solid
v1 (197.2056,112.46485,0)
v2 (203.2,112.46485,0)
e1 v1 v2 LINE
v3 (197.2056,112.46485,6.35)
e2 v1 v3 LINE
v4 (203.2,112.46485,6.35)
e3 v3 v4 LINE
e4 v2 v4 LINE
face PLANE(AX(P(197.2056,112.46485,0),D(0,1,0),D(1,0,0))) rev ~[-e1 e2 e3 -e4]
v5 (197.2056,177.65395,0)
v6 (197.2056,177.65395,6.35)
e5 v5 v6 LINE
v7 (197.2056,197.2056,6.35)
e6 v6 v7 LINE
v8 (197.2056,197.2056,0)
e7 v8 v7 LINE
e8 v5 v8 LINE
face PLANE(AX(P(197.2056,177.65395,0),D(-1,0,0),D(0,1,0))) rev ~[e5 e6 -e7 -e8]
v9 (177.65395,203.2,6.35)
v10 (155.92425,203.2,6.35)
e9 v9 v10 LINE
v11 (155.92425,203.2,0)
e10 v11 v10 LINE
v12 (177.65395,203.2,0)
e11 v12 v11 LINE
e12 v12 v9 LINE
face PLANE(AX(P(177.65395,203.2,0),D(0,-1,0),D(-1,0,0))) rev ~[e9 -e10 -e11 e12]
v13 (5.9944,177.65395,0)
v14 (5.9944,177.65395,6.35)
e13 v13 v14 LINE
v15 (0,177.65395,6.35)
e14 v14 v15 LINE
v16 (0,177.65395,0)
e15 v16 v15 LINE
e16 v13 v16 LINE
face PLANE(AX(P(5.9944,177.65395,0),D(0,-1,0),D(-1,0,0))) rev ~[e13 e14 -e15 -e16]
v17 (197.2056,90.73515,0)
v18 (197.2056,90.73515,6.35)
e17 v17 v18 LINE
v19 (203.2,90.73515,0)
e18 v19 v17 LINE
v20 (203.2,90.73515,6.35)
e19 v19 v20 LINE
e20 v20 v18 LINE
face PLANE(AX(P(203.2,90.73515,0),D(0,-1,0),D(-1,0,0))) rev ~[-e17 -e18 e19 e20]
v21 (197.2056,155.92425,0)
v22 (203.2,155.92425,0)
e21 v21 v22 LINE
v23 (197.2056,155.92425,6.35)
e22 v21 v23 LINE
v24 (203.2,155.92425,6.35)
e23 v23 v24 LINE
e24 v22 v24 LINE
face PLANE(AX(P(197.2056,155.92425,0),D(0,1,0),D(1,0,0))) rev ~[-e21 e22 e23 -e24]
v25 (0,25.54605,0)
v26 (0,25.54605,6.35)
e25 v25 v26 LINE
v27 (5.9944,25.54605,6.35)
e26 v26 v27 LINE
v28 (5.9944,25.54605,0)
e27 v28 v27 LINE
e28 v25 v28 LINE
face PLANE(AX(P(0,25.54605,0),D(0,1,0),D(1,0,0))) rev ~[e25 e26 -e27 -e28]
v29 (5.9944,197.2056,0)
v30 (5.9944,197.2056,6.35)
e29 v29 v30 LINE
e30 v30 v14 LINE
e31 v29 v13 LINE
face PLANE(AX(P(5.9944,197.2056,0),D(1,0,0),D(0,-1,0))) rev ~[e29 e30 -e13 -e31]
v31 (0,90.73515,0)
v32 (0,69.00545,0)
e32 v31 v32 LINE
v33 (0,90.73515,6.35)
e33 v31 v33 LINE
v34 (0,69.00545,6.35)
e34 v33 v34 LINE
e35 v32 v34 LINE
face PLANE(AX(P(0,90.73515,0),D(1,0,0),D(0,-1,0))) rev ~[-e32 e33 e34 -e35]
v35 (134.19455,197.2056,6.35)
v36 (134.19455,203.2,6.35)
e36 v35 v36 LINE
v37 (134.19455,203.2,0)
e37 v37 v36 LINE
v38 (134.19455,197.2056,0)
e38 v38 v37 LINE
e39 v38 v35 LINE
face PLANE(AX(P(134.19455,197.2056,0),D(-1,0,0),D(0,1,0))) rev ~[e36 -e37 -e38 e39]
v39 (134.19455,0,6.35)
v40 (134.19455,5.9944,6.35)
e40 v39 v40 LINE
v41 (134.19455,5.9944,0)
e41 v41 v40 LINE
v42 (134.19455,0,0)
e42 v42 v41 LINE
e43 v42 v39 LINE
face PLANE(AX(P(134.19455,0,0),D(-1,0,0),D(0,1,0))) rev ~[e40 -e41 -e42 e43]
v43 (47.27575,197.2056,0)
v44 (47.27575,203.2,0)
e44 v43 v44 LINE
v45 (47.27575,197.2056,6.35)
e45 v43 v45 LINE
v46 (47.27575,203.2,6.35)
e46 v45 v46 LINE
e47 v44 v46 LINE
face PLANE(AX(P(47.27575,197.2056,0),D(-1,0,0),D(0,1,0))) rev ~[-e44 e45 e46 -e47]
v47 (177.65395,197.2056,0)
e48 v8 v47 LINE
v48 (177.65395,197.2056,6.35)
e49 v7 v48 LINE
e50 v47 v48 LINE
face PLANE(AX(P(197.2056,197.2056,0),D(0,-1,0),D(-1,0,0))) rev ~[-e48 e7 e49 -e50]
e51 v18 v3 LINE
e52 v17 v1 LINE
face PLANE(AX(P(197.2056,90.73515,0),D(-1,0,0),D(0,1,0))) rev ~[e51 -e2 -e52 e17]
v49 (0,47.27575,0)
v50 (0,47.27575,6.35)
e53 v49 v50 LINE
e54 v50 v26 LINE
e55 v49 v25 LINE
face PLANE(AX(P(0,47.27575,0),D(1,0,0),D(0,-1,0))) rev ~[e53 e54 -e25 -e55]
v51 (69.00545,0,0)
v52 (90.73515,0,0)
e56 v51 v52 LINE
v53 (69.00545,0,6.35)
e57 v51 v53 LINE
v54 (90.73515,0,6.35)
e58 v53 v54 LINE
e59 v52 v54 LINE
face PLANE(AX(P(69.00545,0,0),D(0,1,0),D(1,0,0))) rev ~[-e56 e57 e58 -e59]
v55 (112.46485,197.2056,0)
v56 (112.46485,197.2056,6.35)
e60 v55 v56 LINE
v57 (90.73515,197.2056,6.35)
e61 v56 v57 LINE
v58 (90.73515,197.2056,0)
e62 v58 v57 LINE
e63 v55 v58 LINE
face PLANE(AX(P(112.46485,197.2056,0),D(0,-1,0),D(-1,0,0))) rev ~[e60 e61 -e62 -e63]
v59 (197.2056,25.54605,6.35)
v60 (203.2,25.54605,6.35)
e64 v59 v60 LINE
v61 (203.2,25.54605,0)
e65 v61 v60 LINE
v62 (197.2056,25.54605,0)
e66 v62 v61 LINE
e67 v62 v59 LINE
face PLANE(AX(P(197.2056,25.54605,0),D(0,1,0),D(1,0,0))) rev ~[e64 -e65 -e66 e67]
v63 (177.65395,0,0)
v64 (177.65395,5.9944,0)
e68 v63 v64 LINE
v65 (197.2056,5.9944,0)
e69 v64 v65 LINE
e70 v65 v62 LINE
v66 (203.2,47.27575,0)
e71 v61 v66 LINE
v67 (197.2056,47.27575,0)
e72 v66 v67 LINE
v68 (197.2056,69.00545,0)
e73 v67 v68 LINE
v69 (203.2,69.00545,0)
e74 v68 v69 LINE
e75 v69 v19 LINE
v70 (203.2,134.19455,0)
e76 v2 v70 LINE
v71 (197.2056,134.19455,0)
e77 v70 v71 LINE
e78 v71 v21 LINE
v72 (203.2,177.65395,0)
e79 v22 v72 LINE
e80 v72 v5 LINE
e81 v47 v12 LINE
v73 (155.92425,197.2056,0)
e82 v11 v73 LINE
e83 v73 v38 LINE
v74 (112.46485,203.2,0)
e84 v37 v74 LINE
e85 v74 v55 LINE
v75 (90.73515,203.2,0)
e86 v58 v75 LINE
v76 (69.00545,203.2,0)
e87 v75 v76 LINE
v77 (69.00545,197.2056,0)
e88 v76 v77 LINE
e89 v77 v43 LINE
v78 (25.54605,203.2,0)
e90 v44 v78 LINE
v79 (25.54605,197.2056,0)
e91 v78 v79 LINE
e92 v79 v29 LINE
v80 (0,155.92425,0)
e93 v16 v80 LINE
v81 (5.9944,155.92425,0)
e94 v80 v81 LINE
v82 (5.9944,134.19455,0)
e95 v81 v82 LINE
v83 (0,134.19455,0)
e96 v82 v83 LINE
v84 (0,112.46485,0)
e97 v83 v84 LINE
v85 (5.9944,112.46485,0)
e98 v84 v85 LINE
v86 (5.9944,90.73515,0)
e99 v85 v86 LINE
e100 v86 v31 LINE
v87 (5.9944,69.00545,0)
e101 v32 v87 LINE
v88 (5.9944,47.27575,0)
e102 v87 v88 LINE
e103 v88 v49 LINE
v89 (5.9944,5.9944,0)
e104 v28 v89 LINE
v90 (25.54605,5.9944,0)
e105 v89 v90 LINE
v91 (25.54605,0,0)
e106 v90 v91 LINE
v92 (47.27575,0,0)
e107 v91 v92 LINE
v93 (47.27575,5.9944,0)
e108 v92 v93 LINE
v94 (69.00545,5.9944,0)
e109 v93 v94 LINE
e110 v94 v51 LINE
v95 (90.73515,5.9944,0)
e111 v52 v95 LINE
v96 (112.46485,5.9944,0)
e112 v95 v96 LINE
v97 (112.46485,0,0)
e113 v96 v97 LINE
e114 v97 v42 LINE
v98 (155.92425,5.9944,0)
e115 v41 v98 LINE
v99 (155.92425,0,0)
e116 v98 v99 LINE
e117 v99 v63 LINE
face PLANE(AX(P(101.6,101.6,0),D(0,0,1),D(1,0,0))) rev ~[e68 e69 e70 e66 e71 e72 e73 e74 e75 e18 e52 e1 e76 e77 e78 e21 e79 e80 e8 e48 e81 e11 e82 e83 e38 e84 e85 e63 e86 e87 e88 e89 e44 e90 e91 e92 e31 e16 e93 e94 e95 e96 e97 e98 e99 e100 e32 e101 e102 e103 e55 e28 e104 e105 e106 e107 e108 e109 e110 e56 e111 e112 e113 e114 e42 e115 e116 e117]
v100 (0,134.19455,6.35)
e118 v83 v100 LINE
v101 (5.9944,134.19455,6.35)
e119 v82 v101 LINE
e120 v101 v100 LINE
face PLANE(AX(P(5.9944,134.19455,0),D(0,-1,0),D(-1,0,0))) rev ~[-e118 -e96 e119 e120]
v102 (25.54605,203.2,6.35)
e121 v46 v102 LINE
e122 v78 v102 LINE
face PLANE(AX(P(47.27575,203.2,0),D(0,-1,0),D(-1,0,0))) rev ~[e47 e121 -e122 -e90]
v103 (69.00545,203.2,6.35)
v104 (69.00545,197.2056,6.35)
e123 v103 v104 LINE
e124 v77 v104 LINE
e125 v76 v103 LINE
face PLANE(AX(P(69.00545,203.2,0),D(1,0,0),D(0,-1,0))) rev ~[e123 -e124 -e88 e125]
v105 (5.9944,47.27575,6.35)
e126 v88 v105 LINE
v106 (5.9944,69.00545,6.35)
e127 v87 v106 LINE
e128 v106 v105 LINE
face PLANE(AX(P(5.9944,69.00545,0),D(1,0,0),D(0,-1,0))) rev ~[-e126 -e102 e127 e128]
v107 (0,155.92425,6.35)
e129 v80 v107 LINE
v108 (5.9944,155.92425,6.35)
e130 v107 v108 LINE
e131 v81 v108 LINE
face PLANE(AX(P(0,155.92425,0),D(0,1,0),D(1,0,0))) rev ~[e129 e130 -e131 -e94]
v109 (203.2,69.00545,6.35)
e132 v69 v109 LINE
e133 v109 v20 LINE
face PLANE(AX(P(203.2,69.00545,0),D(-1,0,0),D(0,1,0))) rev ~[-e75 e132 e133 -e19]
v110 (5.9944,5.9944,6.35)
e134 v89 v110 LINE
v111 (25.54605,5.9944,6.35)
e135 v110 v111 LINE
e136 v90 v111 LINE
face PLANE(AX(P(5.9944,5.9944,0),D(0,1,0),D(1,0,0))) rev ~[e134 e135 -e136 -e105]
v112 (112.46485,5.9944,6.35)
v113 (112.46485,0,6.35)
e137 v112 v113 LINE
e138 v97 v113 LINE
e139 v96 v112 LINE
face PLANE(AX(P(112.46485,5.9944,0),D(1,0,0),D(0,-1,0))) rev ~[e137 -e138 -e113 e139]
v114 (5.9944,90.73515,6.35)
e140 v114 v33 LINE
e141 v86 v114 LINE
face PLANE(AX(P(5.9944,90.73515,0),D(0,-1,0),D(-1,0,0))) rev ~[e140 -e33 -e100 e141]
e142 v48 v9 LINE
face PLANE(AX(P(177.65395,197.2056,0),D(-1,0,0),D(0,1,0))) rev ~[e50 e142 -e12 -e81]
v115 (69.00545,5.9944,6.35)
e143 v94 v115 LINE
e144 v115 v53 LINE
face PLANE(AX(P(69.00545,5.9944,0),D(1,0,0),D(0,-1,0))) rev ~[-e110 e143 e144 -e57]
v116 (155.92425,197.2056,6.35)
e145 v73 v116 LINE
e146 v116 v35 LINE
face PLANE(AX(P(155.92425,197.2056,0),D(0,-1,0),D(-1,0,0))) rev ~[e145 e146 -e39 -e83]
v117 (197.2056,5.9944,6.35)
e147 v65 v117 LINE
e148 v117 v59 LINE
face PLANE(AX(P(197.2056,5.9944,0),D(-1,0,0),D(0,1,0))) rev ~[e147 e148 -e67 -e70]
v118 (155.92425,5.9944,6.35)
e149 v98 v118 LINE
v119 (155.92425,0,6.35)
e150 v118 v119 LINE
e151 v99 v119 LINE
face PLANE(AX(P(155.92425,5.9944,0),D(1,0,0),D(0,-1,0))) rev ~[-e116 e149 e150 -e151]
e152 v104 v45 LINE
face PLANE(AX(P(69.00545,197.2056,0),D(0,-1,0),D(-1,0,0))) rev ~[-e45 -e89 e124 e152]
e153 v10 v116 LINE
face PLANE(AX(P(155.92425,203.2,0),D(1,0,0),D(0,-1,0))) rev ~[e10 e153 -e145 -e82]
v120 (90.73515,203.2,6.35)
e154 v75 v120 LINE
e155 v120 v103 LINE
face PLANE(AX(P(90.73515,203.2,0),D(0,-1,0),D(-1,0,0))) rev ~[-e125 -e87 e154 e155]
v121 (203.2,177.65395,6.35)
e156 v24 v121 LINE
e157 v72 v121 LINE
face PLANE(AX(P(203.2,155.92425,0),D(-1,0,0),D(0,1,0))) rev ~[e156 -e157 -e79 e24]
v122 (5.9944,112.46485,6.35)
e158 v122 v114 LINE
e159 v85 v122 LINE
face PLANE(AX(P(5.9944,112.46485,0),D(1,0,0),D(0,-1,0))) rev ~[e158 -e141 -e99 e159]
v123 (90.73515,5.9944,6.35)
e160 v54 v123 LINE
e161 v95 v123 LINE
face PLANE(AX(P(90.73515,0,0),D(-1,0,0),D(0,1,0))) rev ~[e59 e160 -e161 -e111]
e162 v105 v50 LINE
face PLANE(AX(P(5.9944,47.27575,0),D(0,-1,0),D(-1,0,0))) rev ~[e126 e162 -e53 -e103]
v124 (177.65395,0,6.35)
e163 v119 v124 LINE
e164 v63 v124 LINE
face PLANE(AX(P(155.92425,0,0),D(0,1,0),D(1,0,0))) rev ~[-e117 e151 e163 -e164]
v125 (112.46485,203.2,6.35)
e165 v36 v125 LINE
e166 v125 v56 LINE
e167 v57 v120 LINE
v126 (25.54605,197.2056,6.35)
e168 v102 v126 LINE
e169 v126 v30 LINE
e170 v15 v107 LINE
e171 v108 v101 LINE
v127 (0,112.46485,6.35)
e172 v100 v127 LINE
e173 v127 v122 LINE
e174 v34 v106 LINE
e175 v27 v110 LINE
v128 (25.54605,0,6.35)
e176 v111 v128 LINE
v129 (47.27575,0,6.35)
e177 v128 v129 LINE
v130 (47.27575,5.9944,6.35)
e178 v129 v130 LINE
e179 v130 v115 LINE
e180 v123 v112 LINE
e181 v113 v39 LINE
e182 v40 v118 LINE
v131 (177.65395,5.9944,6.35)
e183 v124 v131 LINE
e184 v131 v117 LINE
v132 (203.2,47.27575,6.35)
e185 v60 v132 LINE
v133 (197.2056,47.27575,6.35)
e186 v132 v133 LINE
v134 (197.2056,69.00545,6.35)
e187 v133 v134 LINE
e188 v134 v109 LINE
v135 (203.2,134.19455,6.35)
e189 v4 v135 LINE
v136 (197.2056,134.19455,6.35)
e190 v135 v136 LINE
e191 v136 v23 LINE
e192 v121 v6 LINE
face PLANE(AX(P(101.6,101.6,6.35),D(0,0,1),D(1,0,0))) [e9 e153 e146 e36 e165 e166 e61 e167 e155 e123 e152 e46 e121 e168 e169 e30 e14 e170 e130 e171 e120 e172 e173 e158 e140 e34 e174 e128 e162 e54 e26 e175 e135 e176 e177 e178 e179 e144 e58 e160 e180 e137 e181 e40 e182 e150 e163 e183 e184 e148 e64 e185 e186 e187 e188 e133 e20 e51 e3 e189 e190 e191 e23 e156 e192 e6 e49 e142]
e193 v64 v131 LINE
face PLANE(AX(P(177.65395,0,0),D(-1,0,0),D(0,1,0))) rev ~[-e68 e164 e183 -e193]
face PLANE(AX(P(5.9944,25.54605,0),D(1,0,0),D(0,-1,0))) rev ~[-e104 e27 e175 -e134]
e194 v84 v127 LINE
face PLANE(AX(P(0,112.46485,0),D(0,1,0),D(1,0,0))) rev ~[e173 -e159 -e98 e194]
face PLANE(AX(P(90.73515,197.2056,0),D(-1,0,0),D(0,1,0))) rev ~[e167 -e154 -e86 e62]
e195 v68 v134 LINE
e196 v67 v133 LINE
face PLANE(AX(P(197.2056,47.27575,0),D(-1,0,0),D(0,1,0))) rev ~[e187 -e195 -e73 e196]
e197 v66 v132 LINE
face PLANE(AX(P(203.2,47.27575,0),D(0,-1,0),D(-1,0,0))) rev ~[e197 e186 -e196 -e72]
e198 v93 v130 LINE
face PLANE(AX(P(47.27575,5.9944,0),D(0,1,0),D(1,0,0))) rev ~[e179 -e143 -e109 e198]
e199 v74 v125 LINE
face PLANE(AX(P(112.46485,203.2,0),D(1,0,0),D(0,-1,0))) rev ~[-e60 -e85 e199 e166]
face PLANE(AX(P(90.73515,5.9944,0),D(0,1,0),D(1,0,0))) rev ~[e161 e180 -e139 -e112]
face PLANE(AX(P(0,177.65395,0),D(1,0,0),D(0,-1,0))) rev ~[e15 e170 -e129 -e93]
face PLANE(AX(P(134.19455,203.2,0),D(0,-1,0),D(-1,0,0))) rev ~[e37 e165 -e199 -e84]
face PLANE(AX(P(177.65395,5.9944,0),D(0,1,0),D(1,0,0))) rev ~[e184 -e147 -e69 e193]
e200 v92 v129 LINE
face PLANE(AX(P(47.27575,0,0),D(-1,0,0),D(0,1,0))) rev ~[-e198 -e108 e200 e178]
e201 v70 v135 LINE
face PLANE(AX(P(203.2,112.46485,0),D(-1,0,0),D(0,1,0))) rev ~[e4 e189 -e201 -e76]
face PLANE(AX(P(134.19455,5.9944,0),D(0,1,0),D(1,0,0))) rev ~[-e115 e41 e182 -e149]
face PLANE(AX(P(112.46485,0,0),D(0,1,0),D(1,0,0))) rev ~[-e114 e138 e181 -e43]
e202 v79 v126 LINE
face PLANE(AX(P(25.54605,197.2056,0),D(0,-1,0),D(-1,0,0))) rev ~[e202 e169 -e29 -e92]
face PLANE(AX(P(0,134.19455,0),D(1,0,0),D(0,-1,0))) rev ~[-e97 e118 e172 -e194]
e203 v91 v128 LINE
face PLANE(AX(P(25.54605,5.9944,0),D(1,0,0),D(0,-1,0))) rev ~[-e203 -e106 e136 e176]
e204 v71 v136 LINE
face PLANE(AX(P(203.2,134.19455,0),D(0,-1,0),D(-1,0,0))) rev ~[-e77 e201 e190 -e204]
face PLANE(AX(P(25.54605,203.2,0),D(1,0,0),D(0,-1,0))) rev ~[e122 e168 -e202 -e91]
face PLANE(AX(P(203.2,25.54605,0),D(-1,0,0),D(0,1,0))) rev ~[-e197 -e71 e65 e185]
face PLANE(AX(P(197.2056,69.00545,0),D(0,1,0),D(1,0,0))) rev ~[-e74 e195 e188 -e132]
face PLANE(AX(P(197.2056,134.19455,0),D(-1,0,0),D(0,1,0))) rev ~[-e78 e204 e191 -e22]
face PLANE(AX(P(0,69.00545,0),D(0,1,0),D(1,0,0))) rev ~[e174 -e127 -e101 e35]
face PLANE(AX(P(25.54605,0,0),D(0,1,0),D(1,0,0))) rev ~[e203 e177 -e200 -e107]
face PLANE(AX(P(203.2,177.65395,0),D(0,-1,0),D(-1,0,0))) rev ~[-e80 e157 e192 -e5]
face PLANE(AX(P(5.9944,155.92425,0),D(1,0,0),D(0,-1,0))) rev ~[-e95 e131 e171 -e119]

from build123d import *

# Parameters (mm, degrees)
BOSS_EXTRUDE1_DEPTH = 6.35


with BuildPart() as part:
    # Sketch3 → Boss-Extrude1 (new body)
    with BuildSketch(Plane.XY):
        Polygon((0, 177.65395), (0, 155.92425), (5.9944, 155.92425), (5.9944, 134.19455), (0, 134.19455), (0, 112.46485), (5.9944, 112.46485), (5.9944, 90.73515), (0, 90.73515), (0, 69.00545), (5.9944, 69.00545), (5.9944, 47.27575), (0, 47.27575), (0, 25.54605), (5.9944, 25.54605), (5.9944, 5.9944), (25.54605, 5.9944), (25.54605, 0), (47.27575, 0), (47.27575, 5.9944), (69.00545, 5.9944), (69.00545, 0), (90.73515, 0), (90.73515, 5.9944), (112.46485, 5.9944), (112.46485, 0), (134.19455, 0), (134.19455, 5.9944), (155.92425, 5.9944), (155.92425, 0), (177.65395, 0), (177.65395, 5.9944), (197.2056, 5.9944), (197.2056, 25.54605), (203.2, 25.54605), (203.2, 47.27575), (197.2056, 47.27575), (197.2056, 69.00545), (203.2, 69.00545), (203.2, 90.73515), (197.2056, 90.73515), (197.2056, 112.46485), (203.2, 112.46485), (203.2, 134.19455), (197.2056, 134.19455), (197.2056, 155.92425), (203.2, 155.92425), (203.2, 177.65395), (197.2056, 177.65395), (197.2056, 197.2056), (177.65395, 197.2056), (177.65395, 203.2), (155.92425, 203.2), (155.92425, 197.2056), (134.19455, 197.2056), (134.19455, 203.2), (112.46485, 203.2), (112.46485, 197.2056), (90.73515, 197.2056), (90.73515, 203.2), (69.00545, 203.2), (69.00545, 197.2056), (47.27575, 197.2056), (47.27575, 203.2), (25.54605, 203.2), (25.54605, 197.2056), (5.9944, 197.2056), (5.9944, 177.65395), align=None)
    extrude(amount=BOSS_EXTRUDE1_DEPTH)


solid = part.part
